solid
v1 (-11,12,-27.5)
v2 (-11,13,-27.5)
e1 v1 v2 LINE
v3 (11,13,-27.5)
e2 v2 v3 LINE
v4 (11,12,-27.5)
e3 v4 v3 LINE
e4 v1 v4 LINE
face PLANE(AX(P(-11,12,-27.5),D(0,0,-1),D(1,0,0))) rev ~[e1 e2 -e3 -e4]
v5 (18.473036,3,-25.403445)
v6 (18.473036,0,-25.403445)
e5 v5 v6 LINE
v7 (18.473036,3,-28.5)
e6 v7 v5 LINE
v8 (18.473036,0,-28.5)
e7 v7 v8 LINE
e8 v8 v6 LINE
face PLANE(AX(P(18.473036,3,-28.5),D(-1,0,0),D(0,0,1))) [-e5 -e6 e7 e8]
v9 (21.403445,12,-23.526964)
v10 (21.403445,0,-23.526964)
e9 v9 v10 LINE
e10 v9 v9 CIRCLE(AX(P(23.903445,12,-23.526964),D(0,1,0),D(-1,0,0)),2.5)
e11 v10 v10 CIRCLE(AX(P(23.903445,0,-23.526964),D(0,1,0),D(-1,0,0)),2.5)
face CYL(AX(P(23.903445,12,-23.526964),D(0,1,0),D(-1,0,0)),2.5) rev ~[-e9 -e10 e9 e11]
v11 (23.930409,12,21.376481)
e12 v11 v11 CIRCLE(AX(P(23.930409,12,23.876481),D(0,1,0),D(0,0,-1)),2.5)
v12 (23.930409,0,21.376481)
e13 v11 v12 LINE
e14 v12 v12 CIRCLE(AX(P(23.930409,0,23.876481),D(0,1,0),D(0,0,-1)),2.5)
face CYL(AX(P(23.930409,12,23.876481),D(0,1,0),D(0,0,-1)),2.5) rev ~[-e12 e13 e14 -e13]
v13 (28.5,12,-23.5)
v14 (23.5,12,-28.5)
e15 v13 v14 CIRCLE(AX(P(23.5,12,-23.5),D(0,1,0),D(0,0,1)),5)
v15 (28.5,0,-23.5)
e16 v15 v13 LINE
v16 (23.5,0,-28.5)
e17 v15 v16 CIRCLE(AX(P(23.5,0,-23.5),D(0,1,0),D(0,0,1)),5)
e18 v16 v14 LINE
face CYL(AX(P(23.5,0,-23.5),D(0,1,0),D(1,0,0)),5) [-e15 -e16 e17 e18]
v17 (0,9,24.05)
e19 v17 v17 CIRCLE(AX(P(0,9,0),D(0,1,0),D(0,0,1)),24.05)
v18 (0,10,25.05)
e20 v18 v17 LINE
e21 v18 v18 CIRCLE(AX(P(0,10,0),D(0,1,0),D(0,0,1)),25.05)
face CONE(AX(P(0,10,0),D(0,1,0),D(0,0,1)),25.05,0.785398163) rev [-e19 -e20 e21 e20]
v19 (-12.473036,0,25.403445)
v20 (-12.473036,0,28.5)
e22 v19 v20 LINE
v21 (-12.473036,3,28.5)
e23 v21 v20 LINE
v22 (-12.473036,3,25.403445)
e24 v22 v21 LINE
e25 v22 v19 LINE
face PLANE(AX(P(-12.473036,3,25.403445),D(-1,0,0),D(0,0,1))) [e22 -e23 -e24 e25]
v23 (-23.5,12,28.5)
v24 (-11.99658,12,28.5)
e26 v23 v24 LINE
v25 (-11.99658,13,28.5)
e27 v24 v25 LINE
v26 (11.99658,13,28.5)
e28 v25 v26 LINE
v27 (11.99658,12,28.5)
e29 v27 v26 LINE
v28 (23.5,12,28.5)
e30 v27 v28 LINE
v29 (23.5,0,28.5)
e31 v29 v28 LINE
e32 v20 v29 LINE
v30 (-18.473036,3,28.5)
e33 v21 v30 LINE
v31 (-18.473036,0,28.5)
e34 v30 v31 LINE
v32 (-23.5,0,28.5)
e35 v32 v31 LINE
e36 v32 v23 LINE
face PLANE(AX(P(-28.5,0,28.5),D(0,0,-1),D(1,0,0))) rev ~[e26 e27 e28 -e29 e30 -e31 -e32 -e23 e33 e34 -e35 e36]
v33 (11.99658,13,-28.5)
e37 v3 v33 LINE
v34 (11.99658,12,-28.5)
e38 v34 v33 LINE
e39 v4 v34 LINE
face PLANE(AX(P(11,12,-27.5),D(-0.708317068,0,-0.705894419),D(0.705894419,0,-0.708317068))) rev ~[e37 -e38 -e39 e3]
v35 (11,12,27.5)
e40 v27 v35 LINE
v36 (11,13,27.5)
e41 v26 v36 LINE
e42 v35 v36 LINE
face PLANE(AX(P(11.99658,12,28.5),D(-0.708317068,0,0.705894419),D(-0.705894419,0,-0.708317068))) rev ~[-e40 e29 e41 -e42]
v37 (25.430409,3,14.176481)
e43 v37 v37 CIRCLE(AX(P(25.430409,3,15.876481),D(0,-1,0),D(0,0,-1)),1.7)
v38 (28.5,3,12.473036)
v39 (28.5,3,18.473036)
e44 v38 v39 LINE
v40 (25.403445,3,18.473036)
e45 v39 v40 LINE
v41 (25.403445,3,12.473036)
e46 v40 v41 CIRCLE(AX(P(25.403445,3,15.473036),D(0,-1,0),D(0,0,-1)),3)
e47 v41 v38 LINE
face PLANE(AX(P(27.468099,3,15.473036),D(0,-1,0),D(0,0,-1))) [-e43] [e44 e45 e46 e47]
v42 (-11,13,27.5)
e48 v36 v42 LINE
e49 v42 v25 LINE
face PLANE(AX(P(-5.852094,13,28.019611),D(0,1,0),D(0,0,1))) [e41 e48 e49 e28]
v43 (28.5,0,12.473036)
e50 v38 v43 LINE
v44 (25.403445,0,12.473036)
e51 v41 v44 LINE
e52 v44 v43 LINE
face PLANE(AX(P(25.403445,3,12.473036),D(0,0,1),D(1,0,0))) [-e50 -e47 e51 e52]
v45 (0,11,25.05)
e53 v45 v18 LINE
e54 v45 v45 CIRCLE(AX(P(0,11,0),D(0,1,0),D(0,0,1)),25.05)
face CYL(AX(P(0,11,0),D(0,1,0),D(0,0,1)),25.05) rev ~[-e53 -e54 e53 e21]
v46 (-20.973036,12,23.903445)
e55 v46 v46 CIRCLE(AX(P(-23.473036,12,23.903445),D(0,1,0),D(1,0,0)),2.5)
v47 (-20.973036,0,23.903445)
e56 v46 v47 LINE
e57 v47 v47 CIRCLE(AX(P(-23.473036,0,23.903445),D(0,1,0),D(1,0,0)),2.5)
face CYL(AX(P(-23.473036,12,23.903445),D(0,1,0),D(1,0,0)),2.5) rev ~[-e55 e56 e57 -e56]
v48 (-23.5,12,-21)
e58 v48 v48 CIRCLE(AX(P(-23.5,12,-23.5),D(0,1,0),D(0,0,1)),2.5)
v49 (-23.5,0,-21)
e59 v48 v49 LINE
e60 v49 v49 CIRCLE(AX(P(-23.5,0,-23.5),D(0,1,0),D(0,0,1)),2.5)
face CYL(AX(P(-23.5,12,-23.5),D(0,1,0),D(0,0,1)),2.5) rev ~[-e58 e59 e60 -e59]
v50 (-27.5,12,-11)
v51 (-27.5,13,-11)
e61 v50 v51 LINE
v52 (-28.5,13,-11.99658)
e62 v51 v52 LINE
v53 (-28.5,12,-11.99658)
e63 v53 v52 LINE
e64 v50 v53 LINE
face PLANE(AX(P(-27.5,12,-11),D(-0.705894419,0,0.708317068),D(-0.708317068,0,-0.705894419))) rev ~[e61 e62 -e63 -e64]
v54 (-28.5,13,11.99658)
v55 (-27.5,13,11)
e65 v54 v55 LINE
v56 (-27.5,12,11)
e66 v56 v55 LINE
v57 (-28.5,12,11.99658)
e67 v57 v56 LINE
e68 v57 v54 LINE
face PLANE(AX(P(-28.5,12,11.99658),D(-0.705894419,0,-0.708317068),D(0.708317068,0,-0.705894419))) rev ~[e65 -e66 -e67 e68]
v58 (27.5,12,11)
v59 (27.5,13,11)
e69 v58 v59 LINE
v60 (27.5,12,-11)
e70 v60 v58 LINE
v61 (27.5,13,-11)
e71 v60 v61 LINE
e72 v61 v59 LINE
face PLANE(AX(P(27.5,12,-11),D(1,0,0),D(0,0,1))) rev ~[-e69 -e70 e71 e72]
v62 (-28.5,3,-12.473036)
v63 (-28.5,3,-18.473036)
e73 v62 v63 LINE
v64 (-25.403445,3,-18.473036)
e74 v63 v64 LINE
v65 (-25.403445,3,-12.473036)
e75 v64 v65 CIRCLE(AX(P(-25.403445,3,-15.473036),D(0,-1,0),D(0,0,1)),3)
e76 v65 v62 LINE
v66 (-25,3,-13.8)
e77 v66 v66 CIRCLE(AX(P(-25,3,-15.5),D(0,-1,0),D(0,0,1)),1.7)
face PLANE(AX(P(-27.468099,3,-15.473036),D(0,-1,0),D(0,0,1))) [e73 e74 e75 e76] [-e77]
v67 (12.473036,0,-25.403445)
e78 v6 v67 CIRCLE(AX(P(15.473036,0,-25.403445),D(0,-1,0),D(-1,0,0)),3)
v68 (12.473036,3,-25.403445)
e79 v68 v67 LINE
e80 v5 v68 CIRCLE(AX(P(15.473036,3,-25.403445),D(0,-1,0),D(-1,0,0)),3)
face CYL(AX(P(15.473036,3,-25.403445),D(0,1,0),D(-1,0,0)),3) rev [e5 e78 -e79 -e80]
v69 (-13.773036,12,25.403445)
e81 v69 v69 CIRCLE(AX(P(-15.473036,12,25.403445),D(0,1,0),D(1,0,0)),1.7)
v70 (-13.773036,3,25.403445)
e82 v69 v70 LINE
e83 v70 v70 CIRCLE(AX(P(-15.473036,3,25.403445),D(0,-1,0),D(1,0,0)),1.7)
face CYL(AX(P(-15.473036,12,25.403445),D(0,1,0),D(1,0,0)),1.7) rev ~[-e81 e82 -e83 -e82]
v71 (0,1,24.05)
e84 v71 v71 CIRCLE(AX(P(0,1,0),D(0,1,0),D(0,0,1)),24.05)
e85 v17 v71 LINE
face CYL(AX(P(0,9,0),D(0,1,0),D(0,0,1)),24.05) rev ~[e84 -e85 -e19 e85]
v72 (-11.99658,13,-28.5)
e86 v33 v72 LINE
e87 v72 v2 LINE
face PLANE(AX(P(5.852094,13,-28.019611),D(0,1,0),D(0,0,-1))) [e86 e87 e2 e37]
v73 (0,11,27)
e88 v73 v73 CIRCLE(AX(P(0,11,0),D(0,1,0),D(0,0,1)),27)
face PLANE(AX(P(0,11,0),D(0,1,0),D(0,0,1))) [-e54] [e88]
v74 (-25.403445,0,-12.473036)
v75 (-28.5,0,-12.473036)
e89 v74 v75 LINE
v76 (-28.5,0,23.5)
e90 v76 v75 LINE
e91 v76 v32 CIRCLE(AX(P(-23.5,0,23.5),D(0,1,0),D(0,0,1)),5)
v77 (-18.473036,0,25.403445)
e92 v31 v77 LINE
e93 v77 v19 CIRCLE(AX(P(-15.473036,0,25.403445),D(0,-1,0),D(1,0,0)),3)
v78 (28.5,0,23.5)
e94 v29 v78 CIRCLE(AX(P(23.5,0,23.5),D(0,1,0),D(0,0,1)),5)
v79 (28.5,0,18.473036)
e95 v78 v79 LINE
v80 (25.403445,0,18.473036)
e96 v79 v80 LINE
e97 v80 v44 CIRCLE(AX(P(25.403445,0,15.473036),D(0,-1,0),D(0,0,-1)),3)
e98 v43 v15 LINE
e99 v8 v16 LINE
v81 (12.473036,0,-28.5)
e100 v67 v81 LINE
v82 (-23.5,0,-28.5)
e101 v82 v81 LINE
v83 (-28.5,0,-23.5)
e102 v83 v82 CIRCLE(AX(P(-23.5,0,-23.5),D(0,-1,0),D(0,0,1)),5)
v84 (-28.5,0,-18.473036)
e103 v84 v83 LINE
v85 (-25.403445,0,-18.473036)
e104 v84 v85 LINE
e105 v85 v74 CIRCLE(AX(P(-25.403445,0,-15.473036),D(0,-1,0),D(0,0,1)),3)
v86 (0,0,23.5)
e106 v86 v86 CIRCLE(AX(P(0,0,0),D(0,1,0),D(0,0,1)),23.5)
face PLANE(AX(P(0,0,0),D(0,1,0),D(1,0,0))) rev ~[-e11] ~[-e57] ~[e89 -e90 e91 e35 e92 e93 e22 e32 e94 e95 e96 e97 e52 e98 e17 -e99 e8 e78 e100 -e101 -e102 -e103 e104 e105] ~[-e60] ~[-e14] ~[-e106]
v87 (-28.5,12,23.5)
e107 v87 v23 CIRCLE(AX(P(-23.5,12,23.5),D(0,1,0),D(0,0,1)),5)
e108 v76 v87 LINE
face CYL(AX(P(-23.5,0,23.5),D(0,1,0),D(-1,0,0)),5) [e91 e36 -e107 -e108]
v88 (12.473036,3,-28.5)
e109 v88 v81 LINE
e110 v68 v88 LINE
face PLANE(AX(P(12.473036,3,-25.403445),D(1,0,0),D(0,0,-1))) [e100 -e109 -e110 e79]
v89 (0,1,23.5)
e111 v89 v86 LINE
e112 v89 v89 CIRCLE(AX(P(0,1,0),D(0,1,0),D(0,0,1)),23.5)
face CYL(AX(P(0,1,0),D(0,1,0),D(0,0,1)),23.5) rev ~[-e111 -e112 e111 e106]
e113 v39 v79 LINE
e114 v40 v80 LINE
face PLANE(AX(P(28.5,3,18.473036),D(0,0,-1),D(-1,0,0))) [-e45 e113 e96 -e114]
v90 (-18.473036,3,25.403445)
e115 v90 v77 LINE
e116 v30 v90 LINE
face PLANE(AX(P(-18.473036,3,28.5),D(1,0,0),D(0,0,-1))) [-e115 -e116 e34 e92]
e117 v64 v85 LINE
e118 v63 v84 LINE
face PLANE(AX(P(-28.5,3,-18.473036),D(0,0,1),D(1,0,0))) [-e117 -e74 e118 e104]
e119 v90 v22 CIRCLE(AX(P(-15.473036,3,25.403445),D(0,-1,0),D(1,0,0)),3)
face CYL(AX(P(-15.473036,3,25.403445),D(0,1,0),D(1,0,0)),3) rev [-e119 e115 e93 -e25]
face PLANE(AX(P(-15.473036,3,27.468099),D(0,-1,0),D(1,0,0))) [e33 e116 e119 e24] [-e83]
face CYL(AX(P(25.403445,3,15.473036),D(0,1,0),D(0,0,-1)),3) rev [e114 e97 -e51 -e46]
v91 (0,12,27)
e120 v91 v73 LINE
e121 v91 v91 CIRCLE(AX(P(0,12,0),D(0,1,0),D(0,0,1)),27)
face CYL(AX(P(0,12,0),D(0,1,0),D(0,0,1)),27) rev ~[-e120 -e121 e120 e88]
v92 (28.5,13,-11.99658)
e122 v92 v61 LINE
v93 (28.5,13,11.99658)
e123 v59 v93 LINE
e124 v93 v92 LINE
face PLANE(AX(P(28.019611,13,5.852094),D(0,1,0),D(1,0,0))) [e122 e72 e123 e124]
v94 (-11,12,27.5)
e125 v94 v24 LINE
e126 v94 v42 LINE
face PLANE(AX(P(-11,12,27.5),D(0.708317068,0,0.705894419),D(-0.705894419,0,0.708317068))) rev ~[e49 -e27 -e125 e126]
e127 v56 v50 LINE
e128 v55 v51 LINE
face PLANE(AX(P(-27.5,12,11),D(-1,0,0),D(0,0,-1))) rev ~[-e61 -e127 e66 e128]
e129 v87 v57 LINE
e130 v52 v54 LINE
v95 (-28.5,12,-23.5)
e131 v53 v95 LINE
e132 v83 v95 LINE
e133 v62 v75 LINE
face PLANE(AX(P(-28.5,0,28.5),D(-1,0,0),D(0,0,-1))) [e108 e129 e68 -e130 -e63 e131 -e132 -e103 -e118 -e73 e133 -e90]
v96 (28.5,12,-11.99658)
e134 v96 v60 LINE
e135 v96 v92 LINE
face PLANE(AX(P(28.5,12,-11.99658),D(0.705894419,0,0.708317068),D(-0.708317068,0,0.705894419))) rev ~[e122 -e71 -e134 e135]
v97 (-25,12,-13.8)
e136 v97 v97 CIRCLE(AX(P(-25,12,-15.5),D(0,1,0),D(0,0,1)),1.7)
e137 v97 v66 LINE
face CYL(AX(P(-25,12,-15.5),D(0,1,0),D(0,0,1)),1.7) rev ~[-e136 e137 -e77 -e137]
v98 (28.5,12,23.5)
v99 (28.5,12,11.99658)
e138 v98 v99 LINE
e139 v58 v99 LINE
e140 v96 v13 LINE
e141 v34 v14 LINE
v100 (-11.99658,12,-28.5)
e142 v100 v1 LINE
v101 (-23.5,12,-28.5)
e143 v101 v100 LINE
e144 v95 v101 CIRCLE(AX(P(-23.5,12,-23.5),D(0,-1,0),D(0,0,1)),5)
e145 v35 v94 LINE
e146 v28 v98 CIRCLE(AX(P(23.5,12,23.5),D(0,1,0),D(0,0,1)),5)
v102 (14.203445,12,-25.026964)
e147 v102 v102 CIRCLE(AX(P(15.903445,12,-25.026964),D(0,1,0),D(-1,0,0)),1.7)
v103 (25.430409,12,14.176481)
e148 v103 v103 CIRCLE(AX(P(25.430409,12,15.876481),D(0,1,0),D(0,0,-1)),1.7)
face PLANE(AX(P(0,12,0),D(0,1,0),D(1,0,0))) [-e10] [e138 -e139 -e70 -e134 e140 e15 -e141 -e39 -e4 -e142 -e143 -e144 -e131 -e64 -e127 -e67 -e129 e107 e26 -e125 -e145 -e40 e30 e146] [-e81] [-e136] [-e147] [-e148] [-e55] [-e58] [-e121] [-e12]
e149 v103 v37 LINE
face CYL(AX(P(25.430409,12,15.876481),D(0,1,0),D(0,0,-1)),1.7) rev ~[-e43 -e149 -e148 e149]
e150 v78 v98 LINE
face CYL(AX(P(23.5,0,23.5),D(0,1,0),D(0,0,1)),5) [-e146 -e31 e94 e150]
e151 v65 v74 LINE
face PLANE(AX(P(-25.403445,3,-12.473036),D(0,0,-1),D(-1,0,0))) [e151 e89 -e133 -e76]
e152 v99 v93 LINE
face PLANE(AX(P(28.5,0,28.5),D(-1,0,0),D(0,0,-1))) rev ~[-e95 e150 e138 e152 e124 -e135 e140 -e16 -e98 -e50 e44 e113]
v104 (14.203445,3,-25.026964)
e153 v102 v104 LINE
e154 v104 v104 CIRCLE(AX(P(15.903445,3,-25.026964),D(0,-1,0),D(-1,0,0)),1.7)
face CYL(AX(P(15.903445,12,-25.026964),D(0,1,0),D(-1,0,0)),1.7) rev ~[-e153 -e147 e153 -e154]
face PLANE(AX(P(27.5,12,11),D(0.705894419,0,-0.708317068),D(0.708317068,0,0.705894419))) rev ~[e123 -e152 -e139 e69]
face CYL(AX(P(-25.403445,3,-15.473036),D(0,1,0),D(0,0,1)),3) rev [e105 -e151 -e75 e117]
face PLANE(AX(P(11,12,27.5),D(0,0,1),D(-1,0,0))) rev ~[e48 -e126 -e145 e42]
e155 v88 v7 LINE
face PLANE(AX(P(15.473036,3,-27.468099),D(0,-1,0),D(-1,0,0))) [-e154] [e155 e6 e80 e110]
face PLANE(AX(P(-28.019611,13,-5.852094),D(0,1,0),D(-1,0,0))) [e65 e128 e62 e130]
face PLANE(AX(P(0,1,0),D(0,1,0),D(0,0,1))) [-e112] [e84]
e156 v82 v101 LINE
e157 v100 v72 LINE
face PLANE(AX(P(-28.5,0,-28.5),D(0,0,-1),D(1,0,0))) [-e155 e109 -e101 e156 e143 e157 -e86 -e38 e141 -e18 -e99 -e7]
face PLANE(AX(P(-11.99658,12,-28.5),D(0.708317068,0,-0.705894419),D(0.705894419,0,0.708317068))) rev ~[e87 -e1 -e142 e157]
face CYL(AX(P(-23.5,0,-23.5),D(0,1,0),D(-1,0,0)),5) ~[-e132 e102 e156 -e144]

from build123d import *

# Parameters (mm, degrees)
SKETCH1_W           = 57
SKETCH1_H           = 57
BOSS_EXTRUDE1_DEPTH = 12
FILLET1_R           = 5
SKETCH2_R           = 2.5
SKETCH2_R_2         = 1.7
CUT_EXTRUDE1_DEPTH  = 43.053537307
CIRPATTERN2_COUNT   = 4
SKETCH3_R           = 27
CUT_EXTRUDE2_DEPTH  = 1
SKETCH4_R           = 25.05
CUT_EXTRUDE3_DEPTH  = 2
CHAMFER1_SIZE       = 1
SKETCH5_R           = 24.05
CUT_EXTRUDE4_DEPTH  = 8
SKETCH6_R           = 23.5
CUT_EXTRUDE5_DEPTH  = 2
BOSS_EXTRUDE2_DEPTH = 1
CIRPATTERN3_COUNT   = 4
CUT_EXTRUDE8_START  = -3
SKETCH9_R           = 3
SKETCH9_R_2         = 1.7
CUT_EXTRUDE8_DEPTH  = 3
CIRPATTERN6_COUNT   = 4


with BuildPart() as part:
    # Sketch1 → Boss-Extrude1 (new body)
    with BuildSketch(Plane(origin=(0, 0, 0), x_dir=(1, 0, 0), z_dir=(0, 1, 0))):
        Rectangle(SKETCH1_W, SKETCH1_H)
    extrude(amount=BOSS_EXTRUDE1_DEPTH)

    # Fillet1
    fillet1_edges = [part.edges().sort_by_distance(p)[0] for p in [
        (-28.5, 6, -28.5),
        (28.5, 6, -28.5),
        (28.5, 6, 28.5),
        (-28.5, 6, 28.5),
    ]]
    fillet(fillet1_edges, radius=FILLET1_R)

    # Sketch2 → Cut-Extrude1 (cut, through all)
    with BuildSketch(Plane(origin=(0, 12, 0), x_dir=(1, 0, 0), z_dir=(0, 1, 0))):
        with Locations(Location((-23.5, 23.5, 0), (0, 0, 270))):
            Circle(SKETCH2_R)
        with Locations(Location((-25, 15.5, 0), (0, 0, 270))):
            Circle(SKETCH2_R_2)
    cut_extrude1 = extrude(amount=-CUT_EXTRUDE1_DEPTH, mode=Mode.SUBTRACT)

    # CirPattern2: Cut-Extrude1 ×4 about axis
    cirpattern2_axis = Axis((0.215204442, 0, 0.188240663), (0, 1, 0))
    for i in range(1, CIRPATTERN2_COUNT):
        add(cut_extrude1.rotate(cirpattern2_axis, i * 360 / CIRPATTERN2_COUNT), mode=Mode.SUBTRACT)

    # Sketch3 → Cut-Extrude2 (cut)
    with BuildSketch(Plane(origin=(0, 12, 0), x_dir=(1, 0, 0), z_dir=(0, 1, 0))):
        with Locations(Location((0, 0, 0), (0, 0, 270))):
            Circle(SKETCH3_R)
    extrude(amount=-CUT_EXTRUDE2_DEPTH, mode=Mode.SUBTRACT)

    # Sketch4 → Cut-Extrude3 (cut)
    with BuildSketch(Plane(origin=(0, 11, 0), x_dir=(1, 0, 0), z_dir=(0, 1, 0))):
        with Locations(Location((0, 0, 0), (0, 0, 270))):
            Circle(SKETCH4_R)
    extrude(amount=-CUT_EXTRUDE3_DEPTH, mode=Mode.SUBTRACT)

    # Chamfer1
    chamfer1_edges = [part.edges().sort_by_distance(p)[0] for p in [
        (0, 9, -25.05),
    ]]
    chamfer(chamfer1_edges, length=CHAMFER1_SIZE)

    # Sketch5 → Cut-Extrude4 (cut)
    with BuildSketch(Plane(origin=(0, 9, 0), x_dir=(1, 0, 0), z_dir=(0, 1, 0))):
        with Locations(Location((0, 0, 0), (0, 0, 270))):
            Circle(SKETCH5_R)
    extrude(amount=-CUT_EXTRUDE4_DEPTH, mode=Mode.SUBTRACT)

    # Sketch6 → Cut-Extrude5 (cut)
    with BuildSketch(Plane(origin=(0, 1, 0), x_dir=(1, 0, 0), z_dir=(0, 1, 0))):
        with Locations(Location((0, 0, 0), (0, 0, 270))):
            Circle(SKETCH6_R)
    extrude(amount=-CUT_EXTRUDE5_DEPTH, mode=Mode.SUBTRACT)

    # Sketch7 → Boss-Extrude2 (add)
    with BuildSketch(Plane(origin=(0, 12, 0), x_dir=(1, 0, 0), z_dir=(0, 1, 0))):
        Polygon((27.5, 0), (27.5, -11), (28.5, -11.996579712), (28.5, 0), align=None)
        Polygon((27.5, 11), (27.5, 0), (28.5, 0), (28.5, 11.996579712), align=None)
    boss_extrude2 = extrude(amount=BOSS_EXTRUDE2_DEPTH)

    # CirPattern3: Boss-Extrude2 ×4 about axis
    cirpattern3_axis = Axis((0, 0, 0), (0, 1, 0))
    for i in range(1, CIRPATTERN3_COUNT):
        add(boss_extrude2.rotate(cirpattern3_axis, i * 360 / CIRPATTERN3_COUNT))

    # Sketch9 → Cut-Extrude8 (cut)
    # profile 1 of 3: a face of its own
    with BuildSketch(Plane.XZ.offset(CUT_EXTRUDE8_START)):
        with Locations((-15.473036222, 25.403445105)):
            Circle(SKETCH9_R)
        with Locations((-15.473036222, 25.403445105)):
            Circle(SKETCH9_R_2, mode=Mode.SUBTRACT)
    # profile 2 of 3: a face of its own
    with BuildSketch(Plane.XZ.offset(CUT_EXTRUDE8_START)):
        with BuildLine():
            ThreePointArc((-18.473036222, 25.403445105), (-15.473036222, 28.403445105), (-12.473036222, 25.403445105))
            Line((-12.473036222, 25.403445105), (-12.473036222, 28.424359567))
            Line((-12.473036222, 28.424359567), (-12.473036222, 28.5))
            Line((-12.473036222, 28.5), (-18.473036222, 28.5))
            Line((-18.473036222, 28.5), (-18.473036222, 25.403445105))
        make_face()
    # profile 3 of 3: a face of its own
    with BuildSketch(Plane.XZ.offset(CUT_EXTRUDE8_START)):
        with Locations((-15.473036222, 25.403445105)):
            Circle(SKETCH9_R_2)
    cut_extrude8 = extrude(amount=CUT_EXTRUDE8_DEPTH, mode=Mode.SUBTRACT)

    # CirPattern6: Cut-Extrude8 ×4 about axis
    cirpattern6_axis = Axis((0, 0, 0), (0, 1, 0))
    for i in range(1, CIRPATTERN6_COUNT):
        add(cut_extrude8.rotate(cirpattern6_axis, i * 360 / CIRPATTERN6_COUNT), mode=Mode.SUBTRACT)


solid = part.part
